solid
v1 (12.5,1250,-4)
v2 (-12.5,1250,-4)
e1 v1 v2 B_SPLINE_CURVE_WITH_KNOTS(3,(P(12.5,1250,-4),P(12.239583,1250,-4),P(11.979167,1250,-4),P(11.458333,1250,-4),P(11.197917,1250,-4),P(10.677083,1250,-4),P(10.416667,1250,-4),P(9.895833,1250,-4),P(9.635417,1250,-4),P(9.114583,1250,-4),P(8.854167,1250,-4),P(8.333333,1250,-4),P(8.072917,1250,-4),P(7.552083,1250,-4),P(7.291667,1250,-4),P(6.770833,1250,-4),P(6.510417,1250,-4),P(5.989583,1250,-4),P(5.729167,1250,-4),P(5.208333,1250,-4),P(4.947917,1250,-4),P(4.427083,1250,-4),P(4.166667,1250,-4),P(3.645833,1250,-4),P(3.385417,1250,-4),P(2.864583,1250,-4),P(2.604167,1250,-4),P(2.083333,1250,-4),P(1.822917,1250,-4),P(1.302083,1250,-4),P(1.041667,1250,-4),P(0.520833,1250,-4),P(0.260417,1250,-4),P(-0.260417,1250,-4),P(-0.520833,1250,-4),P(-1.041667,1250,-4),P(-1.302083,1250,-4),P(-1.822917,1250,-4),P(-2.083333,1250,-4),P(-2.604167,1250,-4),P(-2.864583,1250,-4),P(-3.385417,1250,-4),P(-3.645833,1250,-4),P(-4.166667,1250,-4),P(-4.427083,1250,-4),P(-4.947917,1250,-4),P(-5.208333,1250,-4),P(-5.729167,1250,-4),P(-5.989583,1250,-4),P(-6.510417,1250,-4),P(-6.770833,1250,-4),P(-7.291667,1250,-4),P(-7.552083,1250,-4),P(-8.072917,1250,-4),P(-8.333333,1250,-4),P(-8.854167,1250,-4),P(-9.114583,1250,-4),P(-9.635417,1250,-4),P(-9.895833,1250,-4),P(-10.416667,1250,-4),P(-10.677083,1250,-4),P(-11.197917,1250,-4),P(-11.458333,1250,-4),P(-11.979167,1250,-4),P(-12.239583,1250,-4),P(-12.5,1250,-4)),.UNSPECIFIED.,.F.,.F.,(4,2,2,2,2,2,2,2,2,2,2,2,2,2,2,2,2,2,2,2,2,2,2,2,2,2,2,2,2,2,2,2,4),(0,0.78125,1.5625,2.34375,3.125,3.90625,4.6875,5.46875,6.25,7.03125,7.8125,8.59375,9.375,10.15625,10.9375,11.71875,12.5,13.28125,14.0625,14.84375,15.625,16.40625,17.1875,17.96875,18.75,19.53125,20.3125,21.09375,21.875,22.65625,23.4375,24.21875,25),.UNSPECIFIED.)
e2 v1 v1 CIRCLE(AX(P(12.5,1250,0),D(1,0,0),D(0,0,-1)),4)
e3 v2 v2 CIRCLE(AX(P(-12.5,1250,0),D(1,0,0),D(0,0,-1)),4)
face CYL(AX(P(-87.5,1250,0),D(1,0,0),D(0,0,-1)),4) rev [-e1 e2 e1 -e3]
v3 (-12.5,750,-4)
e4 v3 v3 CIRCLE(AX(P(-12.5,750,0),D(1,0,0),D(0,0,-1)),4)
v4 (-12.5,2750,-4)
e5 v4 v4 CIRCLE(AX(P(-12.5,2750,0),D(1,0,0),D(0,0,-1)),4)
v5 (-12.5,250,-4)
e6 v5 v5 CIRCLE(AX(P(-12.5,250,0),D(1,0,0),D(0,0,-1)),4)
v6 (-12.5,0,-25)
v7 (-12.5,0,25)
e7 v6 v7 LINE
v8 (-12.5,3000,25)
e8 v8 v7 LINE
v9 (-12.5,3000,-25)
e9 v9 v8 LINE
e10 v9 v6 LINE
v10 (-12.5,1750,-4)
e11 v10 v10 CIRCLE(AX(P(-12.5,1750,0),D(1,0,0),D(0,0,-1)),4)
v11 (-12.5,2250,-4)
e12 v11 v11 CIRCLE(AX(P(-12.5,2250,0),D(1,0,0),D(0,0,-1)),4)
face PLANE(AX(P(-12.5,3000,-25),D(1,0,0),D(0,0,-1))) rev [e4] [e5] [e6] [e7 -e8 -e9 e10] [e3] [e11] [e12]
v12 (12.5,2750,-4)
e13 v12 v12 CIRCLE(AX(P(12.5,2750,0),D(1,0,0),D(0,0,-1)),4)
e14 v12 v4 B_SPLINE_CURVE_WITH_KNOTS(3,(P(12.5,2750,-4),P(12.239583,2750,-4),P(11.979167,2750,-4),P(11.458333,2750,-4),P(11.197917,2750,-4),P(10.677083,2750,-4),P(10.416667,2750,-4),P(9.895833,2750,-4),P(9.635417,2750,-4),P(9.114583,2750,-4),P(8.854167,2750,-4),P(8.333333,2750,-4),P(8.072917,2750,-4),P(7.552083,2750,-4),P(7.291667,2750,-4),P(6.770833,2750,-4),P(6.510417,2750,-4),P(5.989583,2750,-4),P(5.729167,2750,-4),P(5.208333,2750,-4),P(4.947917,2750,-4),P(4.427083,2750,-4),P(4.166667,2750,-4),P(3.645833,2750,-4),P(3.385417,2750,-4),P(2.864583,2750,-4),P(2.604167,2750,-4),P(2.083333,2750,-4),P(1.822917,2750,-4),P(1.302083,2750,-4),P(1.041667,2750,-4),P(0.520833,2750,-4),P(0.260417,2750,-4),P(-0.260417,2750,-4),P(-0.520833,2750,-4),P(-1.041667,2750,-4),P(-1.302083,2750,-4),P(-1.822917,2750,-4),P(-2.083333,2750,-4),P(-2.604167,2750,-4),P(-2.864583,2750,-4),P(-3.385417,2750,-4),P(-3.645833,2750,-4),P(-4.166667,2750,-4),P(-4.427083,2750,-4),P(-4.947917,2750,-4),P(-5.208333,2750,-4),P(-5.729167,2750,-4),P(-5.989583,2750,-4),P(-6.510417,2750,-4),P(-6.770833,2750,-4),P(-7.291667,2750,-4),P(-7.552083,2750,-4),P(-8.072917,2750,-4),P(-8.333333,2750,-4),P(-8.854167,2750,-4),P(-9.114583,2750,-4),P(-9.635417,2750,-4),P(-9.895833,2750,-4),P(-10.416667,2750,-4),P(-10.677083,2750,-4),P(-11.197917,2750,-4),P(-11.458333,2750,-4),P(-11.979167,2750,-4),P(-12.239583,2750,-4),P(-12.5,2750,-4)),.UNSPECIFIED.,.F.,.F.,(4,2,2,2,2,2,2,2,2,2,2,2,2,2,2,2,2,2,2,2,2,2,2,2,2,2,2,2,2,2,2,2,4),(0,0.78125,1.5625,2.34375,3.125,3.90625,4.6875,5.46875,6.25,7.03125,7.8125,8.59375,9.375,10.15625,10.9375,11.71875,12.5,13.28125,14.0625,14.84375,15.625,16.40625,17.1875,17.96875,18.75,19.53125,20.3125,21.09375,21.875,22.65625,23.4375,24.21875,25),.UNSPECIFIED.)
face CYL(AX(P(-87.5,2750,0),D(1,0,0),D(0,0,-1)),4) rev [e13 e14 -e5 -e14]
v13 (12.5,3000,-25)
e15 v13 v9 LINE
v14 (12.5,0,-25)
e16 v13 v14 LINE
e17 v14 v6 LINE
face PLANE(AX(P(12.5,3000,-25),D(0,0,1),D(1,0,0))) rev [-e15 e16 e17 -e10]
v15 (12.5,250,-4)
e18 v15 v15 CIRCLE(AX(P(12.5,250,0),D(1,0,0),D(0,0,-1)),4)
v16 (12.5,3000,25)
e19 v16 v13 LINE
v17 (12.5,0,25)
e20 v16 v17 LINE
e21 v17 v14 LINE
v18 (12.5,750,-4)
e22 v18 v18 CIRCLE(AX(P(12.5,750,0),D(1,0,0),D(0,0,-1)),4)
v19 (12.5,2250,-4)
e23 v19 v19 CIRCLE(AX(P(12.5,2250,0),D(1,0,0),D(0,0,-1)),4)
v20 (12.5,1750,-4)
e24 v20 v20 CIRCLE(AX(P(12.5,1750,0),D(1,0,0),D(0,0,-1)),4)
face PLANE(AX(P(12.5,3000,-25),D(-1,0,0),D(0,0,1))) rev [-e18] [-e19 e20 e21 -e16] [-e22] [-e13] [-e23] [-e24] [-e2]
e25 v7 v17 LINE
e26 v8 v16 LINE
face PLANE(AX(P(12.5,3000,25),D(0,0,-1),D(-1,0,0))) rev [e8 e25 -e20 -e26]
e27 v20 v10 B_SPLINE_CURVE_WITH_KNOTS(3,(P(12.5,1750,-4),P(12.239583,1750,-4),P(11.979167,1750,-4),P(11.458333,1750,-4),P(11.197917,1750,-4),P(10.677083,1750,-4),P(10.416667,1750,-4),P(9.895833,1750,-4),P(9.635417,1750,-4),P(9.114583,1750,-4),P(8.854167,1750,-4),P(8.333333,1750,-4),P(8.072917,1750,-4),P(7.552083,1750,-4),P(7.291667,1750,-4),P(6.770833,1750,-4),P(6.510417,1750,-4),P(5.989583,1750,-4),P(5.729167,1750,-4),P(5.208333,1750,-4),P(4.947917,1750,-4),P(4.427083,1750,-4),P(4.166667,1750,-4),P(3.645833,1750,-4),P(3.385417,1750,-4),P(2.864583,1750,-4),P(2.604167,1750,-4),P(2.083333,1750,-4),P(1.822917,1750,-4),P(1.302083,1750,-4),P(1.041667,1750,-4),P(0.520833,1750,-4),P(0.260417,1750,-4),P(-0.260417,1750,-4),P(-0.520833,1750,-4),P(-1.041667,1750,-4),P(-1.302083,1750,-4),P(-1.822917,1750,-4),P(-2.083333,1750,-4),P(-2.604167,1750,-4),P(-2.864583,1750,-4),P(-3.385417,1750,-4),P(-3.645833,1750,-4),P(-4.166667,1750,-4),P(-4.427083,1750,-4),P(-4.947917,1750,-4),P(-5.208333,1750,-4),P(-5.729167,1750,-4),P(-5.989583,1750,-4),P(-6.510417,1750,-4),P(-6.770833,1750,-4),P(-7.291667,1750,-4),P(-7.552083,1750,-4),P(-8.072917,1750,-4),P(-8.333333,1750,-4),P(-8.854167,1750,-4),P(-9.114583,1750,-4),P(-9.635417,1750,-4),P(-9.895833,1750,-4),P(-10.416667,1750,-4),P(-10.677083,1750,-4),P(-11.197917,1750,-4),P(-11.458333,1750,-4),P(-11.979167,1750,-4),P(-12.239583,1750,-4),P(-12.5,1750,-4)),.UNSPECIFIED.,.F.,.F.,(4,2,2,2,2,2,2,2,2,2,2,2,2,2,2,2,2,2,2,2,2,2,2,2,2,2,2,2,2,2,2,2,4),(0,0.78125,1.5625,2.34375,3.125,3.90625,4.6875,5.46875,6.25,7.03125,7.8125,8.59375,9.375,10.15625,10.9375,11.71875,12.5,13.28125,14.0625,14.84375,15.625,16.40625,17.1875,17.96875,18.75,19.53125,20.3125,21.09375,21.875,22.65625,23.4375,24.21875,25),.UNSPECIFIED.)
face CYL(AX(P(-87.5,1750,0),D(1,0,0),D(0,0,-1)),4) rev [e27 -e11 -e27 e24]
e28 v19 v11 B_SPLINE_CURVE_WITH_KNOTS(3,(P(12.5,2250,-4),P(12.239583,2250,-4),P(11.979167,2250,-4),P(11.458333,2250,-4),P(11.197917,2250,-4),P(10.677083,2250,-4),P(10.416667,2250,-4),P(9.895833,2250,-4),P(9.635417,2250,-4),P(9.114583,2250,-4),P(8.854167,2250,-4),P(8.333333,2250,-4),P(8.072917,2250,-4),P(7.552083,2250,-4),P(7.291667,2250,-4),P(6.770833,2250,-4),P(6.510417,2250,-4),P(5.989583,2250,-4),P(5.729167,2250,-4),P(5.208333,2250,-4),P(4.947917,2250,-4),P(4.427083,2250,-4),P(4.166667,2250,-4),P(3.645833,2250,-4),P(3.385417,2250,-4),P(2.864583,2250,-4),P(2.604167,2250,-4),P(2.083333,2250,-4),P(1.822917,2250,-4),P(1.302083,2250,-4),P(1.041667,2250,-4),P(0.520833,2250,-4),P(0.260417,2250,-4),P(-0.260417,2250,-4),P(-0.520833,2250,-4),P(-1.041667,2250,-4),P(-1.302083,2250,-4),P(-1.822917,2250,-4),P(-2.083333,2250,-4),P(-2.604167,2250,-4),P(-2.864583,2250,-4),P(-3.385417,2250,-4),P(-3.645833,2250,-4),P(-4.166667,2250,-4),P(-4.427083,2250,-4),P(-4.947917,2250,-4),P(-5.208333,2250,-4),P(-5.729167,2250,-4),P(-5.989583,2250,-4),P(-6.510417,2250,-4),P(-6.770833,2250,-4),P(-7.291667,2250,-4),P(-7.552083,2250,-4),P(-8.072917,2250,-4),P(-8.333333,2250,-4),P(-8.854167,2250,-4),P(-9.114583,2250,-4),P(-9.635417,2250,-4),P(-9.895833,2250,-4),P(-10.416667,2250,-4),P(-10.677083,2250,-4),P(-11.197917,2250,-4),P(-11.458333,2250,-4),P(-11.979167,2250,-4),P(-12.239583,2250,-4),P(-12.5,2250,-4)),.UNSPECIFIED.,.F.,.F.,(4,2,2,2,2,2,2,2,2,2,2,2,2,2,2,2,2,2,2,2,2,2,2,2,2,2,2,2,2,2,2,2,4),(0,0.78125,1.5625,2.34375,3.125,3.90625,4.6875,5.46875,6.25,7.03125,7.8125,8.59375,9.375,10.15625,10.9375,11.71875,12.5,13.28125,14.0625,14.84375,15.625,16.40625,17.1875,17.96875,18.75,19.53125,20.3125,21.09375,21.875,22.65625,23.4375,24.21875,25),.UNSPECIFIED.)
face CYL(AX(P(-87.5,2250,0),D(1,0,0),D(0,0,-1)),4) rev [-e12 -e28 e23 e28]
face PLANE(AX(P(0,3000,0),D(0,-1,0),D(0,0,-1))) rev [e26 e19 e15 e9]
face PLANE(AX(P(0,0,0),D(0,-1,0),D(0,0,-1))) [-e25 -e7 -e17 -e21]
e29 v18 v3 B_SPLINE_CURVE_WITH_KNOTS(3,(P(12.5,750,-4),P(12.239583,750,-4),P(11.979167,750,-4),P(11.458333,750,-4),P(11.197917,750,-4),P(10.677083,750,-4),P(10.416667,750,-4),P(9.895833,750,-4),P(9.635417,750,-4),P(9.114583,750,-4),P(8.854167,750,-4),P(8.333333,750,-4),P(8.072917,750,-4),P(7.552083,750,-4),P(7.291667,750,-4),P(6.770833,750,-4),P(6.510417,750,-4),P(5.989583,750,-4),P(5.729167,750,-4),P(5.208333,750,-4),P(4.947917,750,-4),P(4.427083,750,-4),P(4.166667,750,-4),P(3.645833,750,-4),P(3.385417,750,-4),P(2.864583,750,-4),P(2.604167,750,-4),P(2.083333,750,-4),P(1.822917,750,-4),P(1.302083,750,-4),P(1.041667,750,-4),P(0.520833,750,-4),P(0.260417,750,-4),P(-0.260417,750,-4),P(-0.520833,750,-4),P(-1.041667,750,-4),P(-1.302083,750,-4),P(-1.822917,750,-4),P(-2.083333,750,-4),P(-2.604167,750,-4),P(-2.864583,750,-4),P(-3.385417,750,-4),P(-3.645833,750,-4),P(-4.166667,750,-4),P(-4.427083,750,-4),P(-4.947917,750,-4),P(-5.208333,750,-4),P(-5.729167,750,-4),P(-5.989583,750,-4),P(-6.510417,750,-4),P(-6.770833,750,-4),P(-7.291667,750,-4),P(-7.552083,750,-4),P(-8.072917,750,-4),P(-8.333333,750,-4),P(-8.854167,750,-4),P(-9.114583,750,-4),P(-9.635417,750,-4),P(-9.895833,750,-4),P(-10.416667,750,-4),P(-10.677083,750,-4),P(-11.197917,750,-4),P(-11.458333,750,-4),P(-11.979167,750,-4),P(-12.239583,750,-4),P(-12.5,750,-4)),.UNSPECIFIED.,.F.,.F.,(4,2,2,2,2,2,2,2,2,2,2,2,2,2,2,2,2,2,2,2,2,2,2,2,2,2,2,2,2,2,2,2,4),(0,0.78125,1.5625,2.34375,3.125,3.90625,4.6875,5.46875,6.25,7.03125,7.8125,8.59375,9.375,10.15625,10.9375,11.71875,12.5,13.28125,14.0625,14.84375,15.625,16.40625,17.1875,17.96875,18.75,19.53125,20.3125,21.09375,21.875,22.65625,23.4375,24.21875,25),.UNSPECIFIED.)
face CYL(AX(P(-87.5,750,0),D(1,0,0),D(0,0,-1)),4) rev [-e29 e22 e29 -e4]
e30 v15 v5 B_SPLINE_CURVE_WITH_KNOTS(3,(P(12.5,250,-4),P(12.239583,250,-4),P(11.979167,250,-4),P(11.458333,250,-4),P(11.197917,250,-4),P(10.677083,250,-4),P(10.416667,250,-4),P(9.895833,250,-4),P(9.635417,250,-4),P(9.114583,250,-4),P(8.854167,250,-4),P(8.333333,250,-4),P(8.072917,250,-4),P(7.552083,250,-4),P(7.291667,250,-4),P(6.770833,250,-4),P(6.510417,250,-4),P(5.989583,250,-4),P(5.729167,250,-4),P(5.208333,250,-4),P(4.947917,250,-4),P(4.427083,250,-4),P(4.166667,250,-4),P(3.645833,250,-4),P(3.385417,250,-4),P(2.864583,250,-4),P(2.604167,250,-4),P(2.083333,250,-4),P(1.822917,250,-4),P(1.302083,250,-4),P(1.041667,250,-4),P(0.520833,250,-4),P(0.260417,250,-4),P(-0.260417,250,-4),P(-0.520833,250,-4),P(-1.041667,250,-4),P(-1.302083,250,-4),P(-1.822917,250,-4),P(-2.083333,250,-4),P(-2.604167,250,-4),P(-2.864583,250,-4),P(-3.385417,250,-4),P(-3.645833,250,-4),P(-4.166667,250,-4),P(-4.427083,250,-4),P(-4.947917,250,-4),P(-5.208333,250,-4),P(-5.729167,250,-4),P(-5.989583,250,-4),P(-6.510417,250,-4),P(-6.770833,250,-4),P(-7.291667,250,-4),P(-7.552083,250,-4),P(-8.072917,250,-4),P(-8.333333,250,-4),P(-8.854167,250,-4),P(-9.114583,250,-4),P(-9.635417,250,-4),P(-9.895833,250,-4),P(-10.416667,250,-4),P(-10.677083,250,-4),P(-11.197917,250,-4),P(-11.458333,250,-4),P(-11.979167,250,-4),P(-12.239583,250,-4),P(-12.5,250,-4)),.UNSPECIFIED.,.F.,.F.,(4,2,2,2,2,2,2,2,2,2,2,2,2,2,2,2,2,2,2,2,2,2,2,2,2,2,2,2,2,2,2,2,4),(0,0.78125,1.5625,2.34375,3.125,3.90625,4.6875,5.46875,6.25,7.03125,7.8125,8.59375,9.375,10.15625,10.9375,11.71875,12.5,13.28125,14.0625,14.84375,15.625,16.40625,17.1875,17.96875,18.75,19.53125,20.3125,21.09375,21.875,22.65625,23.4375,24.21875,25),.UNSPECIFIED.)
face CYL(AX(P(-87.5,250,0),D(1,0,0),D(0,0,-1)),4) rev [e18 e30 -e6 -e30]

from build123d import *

# Parameters (mm, degrees)
SKETCH_1_W          = 25
SKETCH_1_H          = 50
EXTRUDE_1_DEPTH     = 3000
SKETCH_2_R          = 4
CUT_EXTRUDE_1_DEPTH = 100


with BuildPart() as part:
    # Эскиз1 → Бобышка-Вытянуть1 (new body)
    with BuildSketch(Plane(origin=(0, 0, 0), x_dir=(1, 0, 0), z_dir=(0, 1, 0))):
        Rectangle(SKETCH_1_W, SKETCH_1_H)
    extrude(amount=EXTRUDE_1_DEPTH)

    # Эскиз2 → Вырез-Вытянуть1 (cut)
    with BuildSketch(Plane(origin=(12.5, 0, 0), x_dir=(0, 0, -1), z_dir=(1, 0, 0))):
        with Locations((0, 250)):
            Circle(SKETCH_2_R)
        with Locations((0, 750)):
            Circle(SKETCH_2_R)
        with Locations((0, 1250)):
            Circle(SKETCH_2_R)
        with Locations((0, 1750)):
            Circle(SKETCH_2_R)
        with Locations((0, 2750)):
            Circle(SKETCH_2_R)
        with Locations((0, 2250)):
            Circle(SKETCH_2_R)
    extrude(amount=-CUT_EXTRUDE_1_DEPTH, mode=Mode.SUBTRACT)


solid = part.part
